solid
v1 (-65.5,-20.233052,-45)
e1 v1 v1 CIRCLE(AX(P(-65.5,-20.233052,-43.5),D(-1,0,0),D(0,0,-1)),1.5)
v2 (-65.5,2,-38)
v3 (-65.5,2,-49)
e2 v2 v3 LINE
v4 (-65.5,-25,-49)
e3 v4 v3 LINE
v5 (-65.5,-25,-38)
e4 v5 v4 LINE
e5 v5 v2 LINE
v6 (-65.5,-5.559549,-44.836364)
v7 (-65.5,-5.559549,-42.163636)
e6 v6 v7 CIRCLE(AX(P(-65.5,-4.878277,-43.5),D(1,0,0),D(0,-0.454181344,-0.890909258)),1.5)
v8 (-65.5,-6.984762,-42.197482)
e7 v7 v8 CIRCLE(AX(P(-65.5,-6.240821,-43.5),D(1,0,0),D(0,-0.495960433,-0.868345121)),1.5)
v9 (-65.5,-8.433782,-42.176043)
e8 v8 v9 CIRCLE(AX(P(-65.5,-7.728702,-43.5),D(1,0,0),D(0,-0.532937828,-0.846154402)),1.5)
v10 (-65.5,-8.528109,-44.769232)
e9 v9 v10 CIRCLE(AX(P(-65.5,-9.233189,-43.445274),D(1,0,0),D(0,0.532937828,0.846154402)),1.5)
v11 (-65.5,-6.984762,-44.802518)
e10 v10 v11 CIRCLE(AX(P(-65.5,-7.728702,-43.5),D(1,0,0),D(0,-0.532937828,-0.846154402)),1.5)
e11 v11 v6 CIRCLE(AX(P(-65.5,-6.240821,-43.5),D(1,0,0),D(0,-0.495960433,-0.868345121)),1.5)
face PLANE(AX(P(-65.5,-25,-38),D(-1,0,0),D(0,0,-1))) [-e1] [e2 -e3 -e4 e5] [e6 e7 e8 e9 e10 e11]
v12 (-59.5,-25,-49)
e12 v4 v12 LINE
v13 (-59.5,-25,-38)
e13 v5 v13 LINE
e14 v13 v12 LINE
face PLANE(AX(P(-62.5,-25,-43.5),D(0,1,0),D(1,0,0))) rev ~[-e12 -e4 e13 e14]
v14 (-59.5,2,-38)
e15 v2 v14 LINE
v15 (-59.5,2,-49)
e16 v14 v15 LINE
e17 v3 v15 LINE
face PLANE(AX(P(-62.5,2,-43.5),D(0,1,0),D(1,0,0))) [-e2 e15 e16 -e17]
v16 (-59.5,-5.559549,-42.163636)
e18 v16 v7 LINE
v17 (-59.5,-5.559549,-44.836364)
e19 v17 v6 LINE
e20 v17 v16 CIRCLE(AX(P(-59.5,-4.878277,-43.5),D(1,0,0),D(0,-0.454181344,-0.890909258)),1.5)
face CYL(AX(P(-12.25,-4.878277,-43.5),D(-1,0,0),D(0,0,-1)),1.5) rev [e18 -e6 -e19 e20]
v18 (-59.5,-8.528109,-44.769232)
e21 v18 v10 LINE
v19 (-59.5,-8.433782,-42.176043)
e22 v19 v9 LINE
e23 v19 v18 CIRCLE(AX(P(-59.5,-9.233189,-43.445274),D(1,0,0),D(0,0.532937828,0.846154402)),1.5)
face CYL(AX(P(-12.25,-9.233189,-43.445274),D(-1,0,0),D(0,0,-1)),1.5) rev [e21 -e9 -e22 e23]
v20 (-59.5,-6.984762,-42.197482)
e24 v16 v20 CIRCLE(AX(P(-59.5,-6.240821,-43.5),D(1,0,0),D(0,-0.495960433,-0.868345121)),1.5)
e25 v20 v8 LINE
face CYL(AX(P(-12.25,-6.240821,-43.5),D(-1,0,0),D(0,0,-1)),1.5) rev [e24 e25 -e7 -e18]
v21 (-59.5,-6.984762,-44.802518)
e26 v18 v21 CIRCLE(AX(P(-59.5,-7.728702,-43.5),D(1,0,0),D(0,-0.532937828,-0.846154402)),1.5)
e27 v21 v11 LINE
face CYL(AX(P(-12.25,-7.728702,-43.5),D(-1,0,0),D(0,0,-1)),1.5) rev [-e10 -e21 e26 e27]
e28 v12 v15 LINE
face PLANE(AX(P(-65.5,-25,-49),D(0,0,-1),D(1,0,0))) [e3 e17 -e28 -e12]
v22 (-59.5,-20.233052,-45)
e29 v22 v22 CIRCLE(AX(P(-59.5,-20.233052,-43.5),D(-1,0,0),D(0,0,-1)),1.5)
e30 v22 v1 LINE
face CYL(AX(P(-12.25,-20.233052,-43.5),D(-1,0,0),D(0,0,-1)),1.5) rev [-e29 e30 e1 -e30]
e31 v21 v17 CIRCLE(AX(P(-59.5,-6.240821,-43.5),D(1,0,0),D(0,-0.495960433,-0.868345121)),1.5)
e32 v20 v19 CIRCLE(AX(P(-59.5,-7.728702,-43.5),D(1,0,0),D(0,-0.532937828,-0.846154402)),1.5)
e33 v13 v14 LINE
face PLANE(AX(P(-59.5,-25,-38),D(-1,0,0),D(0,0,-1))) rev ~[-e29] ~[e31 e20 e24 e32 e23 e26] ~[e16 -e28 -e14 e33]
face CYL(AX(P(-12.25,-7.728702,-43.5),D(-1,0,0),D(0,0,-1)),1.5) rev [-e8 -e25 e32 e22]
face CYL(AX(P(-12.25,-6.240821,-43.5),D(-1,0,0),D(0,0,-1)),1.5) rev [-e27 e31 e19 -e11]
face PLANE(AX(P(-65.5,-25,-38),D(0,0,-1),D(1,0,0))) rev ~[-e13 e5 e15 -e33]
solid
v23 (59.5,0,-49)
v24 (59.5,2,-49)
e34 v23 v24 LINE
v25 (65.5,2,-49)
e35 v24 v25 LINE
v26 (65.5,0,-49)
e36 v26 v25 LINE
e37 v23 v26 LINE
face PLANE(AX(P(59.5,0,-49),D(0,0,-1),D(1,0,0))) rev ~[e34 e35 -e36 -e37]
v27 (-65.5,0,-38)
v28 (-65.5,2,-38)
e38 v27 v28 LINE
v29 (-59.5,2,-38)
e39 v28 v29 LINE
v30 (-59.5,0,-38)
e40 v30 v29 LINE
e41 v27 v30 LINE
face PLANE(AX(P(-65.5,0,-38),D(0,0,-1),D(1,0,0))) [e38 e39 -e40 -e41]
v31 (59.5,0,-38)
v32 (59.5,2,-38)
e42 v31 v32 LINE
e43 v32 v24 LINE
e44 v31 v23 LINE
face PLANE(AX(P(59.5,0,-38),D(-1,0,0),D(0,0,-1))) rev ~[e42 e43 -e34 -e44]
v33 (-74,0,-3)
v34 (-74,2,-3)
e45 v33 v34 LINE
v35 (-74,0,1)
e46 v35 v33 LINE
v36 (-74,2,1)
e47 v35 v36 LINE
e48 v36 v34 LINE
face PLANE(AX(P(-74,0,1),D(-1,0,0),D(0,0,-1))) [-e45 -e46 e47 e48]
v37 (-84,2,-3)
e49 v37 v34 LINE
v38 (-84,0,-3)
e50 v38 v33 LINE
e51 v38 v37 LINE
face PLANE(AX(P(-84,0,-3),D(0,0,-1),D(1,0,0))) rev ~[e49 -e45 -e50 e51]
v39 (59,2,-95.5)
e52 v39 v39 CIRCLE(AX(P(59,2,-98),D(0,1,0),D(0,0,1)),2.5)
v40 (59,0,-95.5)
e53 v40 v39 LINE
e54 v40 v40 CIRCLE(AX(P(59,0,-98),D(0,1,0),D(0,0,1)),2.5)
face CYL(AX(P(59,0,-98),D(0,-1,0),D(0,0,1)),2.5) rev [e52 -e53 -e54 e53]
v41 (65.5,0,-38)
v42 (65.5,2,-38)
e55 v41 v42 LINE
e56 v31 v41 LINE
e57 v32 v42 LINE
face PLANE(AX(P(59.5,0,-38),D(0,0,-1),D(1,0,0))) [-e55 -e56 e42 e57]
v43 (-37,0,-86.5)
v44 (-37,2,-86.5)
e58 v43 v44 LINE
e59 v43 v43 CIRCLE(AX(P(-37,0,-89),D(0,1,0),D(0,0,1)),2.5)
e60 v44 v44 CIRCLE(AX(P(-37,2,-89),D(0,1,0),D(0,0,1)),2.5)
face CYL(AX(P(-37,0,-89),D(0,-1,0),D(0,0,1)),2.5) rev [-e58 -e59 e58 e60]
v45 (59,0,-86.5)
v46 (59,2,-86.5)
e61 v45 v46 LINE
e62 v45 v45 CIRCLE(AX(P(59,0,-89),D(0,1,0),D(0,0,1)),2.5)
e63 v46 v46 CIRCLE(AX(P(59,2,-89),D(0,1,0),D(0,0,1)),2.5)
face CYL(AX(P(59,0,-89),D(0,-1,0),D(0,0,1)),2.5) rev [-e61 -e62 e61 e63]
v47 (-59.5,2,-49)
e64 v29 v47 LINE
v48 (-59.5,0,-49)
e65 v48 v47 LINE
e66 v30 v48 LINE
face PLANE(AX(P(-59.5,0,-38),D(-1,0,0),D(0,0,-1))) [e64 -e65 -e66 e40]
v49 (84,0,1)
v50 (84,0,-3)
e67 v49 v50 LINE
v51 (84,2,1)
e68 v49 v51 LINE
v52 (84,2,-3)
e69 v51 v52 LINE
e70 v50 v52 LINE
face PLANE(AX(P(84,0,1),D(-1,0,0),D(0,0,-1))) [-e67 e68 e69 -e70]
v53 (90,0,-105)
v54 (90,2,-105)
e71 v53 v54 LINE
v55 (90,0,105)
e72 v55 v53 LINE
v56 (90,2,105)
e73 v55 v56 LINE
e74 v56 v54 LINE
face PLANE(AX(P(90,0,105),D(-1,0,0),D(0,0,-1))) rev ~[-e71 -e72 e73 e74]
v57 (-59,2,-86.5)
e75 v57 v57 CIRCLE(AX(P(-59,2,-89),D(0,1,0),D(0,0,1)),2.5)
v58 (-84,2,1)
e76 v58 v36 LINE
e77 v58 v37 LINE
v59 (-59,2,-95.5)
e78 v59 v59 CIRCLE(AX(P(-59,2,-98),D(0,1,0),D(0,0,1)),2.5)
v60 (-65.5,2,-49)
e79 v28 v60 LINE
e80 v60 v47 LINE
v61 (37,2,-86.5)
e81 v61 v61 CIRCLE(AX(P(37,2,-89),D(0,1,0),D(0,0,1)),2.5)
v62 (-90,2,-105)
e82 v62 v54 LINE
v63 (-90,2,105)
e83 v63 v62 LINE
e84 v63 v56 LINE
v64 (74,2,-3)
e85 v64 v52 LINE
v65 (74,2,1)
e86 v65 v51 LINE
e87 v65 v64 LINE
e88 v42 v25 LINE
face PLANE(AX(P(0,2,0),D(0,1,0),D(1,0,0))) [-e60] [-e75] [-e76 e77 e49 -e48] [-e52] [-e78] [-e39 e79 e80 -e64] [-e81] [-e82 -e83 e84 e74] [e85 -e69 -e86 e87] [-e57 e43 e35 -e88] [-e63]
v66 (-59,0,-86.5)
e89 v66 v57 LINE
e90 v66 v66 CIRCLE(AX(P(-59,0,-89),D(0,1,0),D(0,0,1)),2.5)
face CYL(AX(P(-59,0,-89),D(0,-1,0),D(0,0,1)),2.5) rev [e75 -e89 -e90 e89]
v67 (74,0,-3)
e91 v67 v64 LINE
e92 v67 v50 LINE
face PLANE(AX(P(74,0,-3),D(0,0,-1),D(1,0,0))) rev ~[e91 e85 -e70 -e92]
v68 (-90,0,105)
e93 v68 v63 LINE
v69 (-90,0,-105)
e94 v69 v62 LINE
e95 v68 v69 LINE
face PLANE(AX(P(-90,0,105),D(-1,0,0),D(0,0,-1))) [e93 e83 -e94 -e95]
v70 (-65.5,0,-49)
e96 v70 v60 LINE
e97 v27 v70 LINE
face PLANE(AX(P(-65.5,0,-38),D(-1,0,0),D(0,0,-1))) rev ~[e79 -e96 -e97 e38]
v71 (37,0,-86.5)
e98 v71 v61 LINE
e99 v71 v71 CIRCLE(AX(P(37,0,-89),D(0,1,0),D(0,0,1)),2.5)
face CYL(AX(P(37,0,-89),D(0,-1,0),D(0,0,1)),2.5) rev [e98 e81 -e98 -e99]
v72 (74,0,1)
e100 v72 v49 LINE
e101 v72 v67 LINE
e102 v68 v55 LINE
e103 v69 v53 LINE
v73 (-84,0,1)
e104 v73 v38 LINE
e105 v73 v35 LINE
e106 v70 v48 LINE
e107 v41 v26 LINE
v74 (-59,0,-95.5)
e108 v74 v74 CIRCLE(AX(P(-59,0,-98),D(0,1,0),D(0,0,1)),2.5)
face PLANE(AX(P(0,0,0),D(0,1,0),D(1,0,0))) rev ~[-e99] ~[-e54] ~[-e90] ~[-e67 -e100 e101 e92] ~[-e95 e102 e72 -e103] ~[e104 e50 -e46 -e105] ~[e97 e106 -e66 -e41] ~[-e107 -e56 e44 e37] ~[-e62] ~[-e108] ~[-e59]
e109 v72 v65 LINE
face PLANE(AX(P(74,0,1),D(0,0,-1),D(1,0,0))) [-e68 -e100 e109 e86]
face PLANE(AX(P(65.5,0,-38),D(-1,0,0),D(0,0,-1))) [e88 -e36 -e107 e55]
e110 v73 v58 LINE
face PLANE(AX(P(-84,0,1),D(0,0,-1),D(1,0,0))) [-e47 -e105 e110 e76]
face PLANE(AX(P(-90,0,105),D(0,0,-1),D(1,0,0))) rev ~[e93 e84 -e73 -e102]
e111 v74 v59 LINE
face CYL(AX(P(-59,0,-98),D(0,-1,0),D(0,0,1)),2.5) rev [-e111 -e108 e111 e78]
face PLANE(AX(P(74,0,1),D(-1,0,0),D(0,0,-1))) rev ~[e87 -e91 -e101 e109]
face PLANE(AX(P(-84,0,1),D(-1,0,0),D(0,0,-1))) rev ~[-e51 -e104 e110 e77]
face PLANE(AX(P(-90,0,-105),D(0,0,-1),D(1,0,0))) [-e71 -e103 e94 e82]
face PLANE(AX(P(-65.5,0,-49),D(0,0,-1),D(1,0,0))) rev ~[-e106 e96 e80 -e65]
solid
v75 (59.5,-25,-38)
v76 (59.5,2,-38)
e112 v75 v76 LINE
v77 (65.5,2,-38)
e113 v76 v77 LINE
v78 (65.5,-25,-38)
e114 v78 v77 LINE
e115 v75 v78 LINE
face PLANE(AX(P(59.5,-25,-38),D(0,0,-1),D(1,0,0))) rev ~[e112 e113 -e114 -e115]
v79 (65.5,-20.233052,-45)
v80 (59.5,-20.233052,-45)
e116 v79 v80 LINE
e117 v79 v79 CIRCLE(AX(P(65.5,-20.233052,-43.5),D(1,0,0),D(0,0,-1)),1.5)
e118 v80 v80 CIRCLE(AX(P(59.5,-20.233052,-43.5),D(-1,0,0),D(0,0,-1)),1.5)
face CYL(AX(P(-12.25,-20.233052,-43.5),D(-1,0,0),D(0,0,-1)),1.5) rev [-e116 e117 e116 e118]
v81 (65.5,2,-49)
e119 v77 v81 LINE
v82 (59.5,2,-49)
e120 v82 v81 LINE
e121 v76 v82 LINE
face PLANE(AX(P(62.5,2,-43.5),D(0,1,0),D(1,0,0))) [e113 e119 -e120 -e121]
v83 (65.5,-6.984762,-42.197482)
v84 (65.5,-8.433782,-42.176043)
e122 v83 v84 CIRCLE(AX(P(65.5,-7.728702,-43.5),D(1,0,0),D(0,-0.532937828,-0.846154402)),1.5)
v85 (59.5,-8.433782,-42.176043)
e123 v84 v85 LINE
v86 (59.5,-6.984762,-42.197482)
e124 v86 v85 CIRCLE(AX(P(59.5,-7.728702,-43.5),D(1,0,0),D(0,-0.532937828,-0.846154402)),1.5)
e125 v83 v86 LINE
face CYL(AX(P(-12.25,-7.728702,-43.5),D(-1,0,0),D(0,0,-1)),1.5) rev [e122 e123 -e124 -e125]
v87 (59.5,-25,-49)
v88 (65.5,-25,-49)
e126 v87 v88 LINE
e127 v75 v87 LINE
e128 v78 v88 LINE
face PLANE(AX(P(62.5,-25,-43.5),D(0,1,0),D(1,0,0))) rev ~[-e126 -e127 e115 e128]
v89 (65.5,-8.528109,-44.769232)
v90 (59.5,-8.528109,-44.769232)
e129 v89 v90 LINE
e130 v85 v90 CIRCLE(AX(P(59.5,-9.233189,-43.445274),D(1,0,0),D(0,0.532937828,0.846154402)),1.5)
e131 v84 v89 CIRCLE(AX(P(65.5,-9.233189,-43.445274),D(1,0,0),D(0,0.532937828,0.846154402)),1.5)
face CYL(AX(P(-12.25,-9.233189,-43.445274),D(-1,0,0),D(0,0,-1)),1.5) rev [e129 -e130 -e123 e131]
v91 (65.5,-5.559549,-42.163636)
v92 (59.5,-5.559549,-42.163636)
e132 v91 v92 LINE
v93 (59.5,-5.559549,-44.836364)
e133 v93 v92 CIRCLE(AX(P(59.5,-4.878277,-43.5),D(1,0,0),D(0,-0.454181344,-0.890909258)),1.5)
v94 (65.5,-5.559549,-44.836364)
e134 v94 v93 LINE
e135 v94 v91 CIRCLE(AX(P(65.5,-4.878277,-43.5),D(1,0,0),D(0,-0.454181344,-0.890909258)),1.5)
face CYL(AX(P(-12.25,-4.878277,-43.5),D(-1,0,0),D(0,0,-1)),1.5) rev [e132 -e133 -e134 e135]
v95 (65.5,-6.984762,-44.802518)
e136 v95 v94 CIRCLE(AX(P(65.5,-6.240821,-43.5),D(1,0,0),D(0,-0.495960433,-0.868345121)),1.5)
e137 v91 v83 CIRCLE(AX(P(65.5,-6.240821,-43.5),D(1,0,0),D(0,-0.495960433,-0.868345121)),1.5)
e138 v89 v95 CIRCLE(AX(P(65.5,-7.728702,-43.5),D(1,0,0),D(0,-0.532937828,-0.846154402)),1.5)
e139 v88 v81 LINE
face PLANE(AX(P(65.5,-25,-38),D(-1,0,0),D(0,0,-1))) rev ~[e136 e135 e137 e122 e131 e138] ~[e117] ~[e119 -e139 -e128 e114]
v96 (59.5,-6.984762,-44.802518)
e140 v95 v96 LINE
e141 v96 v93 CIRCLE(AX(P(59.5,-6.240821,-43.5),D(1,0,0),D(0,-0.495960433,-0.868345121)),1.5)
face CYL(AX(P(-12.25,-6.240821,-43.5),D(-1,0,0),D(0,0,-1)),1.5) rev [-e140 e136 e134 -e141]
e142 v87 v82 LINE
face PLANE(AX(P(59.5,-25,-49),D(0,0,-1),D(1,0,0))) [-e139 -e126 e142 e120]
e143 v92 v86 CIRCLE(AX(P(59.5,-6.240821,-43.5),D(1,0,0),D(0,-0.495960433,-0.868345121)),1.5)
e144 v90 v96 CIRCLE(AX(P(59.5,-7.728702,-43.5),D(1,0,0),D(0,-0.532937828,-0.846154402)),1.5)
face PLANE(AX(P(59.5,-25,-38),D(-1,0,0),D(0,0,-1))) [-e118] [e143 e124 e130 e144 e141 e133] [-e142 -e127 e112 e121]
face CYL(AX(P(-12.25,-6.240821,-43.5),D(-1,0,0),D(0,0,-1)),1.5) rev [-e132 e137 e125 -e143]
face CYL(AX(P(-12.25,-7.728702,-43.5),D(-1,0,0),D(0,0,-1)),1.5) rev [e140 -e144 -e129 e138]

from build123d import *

# Parameters (mm, degrees)
SKETCH1_W              = 180
SKETCH1_H              = 210
SKETCH1_R              = 2.5
SKETCH1_W_2            = 10
SKETCH1_H_2            = 4
SKETCH1_W_3            = 6
SKETCH1_H_3            = 11
MAINBODY_DEPTH         = 2
SAYAPRODA_DEPTH        = 2
SAYAPRODA_DEPTH_BACK   = 25
SKETCH1_4_W            = 6
SKETCH1_4_H            = 11
SAYAPRODA_2_DEPTH      = 2
SAYAPRODA_2_DEPTH_BACK = 25
SKETCH9_W              = 1.5
SKETCH9_H              = 155.5
HOLE1_AT_2_COUNT       = 2
HOLE1_AT_2_PITCH       = 11
HOLE1_AT_3_COUNT       = 2
HOLE1_AT_3_PITCH       = 12.504350098
HOLE1_AT_4_COUNT       = 2
HOLE1_AT_4_PITCH       = 13.992231398
HOLE1_AT_5_COUNT       = 2
HOLE1_AT_5_PITCH       = 15.354775431


with BuildPart() as part:
    # Sketch1 → MainBody (new body)
    with BuildSketch(Plane(origin=(0, 0, 0), x_dir=(1, 0, 0), z_dir=(0, 1, 0))):
        Rectangle(SKETCH1_W, SKETCH1_H)
        with Locations((-59, 98)):
            Circle(SKETCH1_R, mode=Mode.SUBTRACT)
        with Locations((-59, 89)):
            Circle(SKETCH1_R, mode=Mode.SUBTRACT)
        with Locations((-37, 89)):
            Circle(SKETCH1_R, mode=Mode.SUBTRACT)
        with Locations((59, 98)):
            Circle(SKETCH1_R, mode=Mode.SUBTRACT)
        with Locations((59, 89)):
            Circle(SKETCH1_R, mode=Mode.SUBTRACT)
        with Locations((37, 89)):
            Circle(SKETCH1_R, mode=Mode.SUBTRACT)
        with Locations((79, 1)):
            Rectangle(SKETCH1_W_2, SKETCH1_H_2, mode=Mode.SUBTRACT)
        with Locations((-79, 1)):
            Rectangle(SKETCH1_W_2, SKETCH1_H_2, mode=Mode.SUBTRACT)
        with Locations((-62.5, 43.5)):
            Rectangle(SKETCH1_W_3, SKETCH1_H_3, mode=Mode.SUBTRACT)
        with Locations((62.5, 43.5)):
            Rectangle(SKETCH1_W_3, SKETCH1_H_3, mode=Mode.SUBTRACT)
    extrude(amount=MAINBODY_DEPTH)


with BuildPart() as body_2:
    # Sketch1<4> → SayapRoda (new, two sides: drawn at the far end of the back side and taken through both)
    with BuildSketch(Plane(origin=(0, 0, 0), x_dir=(1, 0, 0), z_dir=(0, 1, 0)).offset(-SAYAPRODA_DEPTH_BACK)):
        with Locations((-62.5, 43.5)):
            Rectangle(SKETCH1_4_W, SKETCH1_4_H)
    extrude(amount=SAYAPRODA_DEPTH + SAYAPRODA_DEPTH_BACK)


with BuildPart() as body_3:
    # Sketch1<4> → SayapRoda 2 (new, two sides: drawn at the far end of the back side and taken through both)
    with BuildSketch(Plane(origin=(0, 0, 0), x_dir=(1, 0, 0), z_dir=(0, 1, 0)).offset(-SAYAPRODA_2_DEPTH_BACK)):
        with Locations((62.5, 43.5)):
            Rectangle(SKETCH1_4_W, SKETCH1_4_H)
    extrude(amount=SAYAPRODA_2_DEPTH + SAYAPRODA_2_DEPTH_BACK)


with BuildPart() as hole1_tool:
    # Sketch9 → Hole1 (revolve)
    with BuildSketch(Plane(origin=(65.5, -20.233052412, -43.5), x_dir=(0, 0, -1), z_dir=(0, 1, 0))):
        with Locations((0.75, 77.75)):
            Rectangle(SKETCH9_W, SKETCH9_H)
    hole1 = revolve(axis=Axis((-44.5, -20.233052412, -43.5), (1, 0, 0)))


with BuildPart() as body_2_1:
    add(body_2.part)

    # Hole1: cut by hole1_tool
    add(hole1_tool.part, mode=Mode.SUBTRACT)


with BuildPart() as body_3_1:
    add(body_3.part)

    # Hole1: cut by hole1_tool
    add(hole1_tool.part, mode=Mode.SUBTRACT)


with BuildPart() as hole1_at_2_tool:
    # Hole1 at 2: Hole1 ×2
    with Locations(*[Vector(0, 0.9999876242984519, 0.004975062807454704) * (i * HOLE1_AT_2_PITCH) for i in range(1, HOLE1_AT_2_COUNT)]):
        add(hole1)


with BuildPart() as body_2_2:
    add(body_2_1.part)

    # Hole1 at 2: cut by hole1_at_2_tool
    add(hole1_at_2_tool.part, mode=Mode.SUBTRACT)


with BuildPart() as body_3_2:
    add(body_3_1.part)

    # Hole1 at 2: cut by hole1_at_2_tool
    add(hole1_at_2_tool.part, mode=Mode.SUBTRACT)


with BuildPart() as hole1_at_3_tool:
    # Hole1 at 3: Hole1 ×2
    with Locations(*[(0, i * HOLE1_AT_3_PITCH, 0) for i in range(1, HOLE1_AT_3_COUNT)]):
        add(hole1)


with BuildPart() as body_2_3:
    add(body_2_2.part)

    # Hole1 at 3: cut by hole1_at_3_tool
    add(hole1_at_3_tool.part, mode=Mode.SUBTRACT)


with BuildPart() as body_3_3:
    add(body_3_2.part)

    # Hole1 at 3: cut by hole1_at_3_tool
    add(hole1_at_3_tool.part, mode=Mode.SUBTRACT)


with BuildPart() as hole1_at_4_tool:
    # Hole1 at 4: Hole1 ×2
    with Locations(*[(0, i * HOLE1_AT_4_PITCH, 0) for i in range(1, HOLE1_AT_4_COUNT)]):
        add(hole1)


with BuildPart() as body_2_4:
    add(body_2_3.part)

    # Hole1 at 4: cut by hole1_at_4_tool
    add(hole1_at_4_tool.part, mode=Mode.SUBTRACT)


with BuildPart() as body_3_4:
    add(body_3_3.part)

    # Hole1 at 4: cut by hole1_at_4_tool
    add(hole1_at_4_tool.part, mode=Mode.SUBTRACT)


with BuildPart() as hole1_at_5_tool:
    # Hole1 at 5: Hole1 ×2
    with Locations(*[(0, i * HOLE1_AT_5_PITCH, 0) for i in range(1, HOLE1_AT_5_COUNT)]):
        add(hole1)


with BuildPart() as body_2_5:
    add(body_2_4.part)

    # Hole1 at 5: cut by hole1_at_5_tool
    add(hole1_at_5_tool.part, mode=Mode.SUBTRACT)


with BuildPart() as body_3_5:
    add(body_3_4.part)

    # Hole1 at 5: cut by hole1_at_5_tool
    add(hole1_at_5_tool.part, mode=Mode.SUBTRACT)


solid = Compound([part.part, body_2_5.part, body_3_5.part])
